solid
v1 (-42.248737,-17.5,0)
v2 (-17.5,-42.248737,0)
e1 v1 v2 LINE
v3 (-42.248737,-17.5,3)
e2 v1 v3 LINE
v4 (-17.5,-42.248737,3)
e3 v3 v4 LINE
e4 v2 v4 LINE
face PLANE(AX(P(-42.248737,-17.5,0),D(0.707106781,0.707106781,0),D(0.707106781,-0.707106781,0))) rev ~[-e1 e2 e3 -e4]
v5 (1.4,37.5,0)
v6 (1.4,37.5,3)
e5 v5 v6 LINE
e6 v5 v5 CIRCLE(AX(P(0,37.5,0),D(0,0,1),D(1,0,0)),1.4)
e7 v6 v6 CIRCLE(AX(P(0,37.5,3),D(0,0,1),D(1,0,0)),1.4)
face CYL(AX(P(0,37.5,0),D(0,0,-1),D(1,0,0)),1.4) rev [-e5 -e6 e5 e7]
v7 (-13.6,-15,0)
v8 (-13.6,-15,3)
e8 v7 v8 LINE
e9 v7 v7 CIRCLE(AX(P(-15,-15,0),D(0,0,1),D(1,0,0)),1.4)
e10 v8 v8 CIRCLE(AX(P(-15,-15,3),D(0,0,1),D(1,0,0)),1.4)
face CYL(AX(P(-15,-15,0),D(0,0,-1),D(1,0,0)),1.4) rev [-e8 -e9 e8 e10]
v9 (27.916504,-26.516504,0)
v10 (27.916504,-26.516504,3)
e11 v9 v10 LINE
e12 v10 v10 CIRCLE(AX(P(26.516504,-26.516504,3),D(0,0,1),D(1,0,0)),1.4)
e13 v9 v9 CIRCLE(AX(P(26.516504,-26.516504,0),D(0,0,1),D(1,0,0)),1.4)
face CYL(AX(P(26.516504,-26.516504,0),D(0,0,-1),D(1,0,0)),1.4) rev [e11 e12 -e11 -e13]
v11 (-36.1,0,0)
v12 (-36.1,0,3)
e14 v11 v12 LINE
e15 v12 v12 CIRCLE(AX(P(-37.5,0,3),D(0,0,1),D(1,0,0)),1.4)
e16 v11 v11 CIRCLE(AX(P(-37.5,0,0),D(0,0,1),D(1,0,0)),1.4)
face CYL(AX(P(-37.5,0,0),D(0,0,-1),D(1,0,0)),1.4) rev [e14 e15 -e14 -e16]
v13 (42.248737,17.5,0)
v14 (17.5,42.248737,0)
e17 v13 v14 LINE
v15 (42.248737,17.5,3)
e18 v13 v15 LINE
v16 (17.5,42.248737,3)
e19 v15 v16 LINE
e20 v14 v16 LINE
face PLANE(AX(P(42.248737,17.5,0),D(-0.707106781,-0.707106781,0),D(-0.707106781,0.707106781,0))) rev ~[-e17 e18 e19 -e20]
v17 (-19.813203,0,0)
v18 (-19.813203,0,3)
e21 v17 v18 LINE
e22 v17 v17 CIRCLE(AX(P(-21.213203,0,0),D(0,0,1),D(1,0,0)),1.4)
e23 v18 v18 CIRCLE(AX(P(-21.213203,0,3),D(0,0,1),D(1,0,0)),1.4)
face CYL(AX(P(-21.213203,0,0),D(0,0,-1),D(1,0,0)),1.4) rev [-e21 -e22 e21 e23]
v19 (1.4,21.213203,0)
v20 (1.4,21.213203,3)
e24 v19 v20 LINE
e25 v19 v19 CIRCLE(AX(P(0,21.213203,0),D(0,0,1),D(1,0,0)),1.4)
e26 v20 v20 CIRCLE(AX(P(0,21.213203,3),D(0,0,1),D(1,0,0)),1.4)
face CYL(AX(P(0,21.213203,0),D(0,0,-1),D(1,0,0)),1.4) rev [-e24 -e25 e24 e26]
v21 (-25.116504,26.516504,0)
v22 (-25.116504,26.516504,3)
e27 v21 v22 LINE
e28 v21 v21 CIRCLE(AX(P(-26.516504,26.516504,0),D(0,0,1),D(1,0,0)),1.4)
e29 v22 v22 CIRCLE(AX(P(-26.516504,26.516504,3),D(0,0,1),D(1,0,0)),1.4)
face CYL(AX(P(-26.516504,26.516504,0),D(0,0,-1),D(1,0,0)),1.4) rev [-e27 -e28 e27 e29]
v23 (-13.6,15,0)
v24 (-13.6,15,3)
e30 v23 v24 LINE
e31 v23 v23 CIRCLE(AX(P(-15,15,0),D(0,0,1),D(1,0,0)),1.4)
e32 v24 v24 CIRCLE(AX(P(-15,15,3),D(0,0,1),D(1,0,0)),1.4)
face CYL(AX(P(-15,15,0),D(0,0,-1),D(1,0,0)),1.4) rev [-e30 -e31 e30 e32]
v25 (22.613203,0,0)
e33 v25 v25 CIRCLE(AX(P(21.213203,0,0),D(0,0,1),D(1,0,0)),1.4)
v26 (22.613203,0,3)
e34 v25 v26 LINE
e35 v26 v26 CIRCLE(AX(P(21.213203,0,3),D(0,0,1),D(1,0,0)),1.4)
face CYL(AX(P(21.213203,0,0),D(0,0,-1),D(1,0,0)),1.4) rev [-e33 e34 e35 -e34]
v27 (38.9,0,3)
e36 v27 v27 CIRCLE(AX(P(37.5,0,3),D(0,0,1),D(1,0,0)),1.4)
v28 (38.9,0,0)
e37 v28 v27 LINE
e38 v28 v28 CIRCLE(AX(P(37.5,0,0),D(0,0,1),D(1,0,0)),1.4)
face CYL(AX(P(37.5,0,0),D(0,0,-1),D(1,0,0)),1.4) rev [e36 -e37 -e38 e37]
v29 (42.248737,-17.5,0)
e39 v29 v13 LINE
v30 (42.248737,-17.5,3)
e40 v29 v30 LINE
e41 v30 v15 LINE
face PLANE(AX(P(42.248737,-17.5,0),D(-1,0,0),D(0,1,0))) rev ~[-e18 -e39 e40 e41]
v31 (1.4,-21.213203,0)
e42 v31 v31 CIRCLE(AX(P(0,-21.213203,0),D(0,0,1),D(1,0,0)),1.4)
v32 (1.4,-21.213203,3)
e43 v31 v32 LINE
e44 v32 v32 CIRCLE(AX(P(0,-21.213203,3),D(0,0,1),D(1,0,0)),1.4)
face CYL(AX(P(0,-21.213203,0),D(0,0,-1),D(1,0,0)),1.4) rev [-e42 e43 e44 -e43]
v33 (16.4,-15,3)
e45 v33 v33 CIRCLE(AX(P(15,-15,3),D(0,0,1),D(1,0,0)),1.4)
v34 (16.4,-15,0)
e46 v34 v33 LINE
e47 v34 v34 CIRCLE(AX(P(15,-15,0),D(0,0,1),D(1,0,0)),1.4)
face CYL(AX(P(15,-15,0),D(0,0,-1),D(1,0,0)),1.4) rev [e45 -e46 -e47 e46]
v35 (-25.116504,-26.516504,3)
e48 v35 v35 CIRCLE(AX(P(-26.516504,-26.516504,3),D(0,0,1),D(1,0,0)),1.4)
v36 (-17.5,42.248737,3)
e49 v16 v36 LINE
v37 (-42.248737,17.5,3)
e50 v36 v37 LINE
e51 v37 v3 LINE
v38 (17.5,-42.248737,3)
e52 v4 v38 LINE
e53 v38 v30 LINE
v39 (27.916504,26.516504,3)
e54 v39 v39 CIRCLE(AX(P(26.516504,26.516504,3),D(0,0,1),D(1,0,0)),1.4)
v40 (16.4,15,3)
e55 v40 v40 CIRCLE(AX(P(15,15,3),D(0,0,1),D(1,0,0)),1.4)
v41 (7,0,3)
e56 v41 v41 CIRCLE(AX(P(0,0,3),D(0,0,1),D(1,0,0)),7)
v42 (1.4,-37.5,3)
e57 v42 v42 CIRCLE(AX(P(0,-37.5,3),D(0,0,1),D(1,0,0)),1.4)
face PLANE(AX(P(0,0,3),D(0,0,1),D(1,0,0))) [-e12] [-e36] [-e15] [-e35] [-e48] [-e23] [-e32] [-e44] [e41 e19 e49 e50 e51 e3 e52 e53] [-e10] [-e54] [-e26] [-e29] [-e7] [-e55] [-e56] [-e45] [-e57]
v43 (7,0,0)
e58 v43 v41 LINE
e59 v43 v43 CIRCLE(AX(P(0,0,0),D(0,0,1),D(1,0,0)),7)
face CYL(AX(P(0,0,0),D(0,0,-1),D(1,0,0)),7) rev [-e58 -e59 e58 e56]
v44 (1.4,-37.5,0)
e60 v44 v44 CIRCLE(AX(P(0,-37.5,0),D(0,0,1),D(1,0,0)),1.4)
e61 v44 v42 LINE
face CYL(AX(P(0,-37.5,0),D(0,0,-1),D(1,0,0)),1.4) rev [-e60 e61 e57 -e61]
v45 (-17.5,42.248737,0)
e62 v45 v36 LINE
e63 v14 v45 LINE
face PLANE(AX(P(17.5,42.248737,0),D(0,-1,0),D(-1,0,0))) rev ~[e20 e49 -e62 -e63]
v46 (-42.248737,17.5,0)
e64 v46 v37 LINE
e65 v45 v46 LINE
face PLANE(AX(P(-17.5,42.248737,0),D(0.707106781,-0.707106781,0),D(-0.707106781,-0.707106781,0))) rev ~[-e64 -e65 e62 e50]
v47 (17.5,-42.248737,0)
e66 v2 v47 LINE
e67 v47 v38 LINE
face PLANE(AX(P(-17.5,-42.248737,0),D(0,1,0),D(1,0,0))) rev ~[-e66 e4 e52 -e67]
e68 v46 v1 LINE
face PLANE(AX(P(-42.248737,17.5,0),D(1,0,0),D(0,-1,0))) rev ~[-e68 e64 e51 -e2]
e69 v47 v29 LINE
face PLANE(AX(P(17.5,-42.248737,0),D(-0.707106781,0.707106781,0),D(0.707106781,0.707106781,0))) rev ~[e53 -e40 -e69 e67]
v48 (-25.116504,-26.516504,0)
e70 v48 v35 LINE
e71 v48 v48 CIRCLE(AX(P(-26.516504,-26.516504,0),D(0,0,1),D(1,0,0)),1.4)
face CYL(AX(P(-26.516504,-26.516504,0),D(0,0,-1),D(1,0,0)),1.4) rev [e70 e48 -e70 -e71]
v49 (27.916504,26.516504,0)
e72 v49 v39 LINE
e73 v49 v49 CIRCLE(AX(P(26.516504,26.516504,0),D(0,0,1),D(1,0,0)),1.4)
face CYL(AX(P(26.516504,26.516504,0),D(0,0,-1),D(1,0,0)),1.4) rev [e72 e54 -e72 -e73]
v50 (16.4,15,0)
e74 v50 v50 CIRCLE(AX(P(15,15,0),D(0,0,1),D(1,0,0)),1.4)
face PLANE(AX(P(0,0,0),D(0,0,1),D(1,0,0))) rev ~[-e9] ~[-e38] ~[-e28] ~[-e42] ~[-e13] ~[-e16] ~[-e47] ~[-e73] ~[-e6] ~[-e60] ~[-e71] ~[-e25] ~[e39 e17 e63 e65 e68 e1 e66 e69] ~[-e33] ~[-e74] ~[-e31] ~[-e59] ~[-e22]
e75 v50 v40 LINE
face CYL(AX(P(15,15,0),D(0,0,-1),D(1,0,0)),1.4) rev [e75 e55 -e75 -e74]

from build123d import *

# Parameters (mm, degrees)
F0_R     = 1.4
F0_R_2   = 7
F1_DEPTH = 3


with BuildPart() as f1:
    # F0 (on Top) → F1 (new body)
    with BuildSketch(Plane.XY):
        Polygon((17.5, 42.248737), (-17.5, 42.248737), (-42.248737, 17.5), (-42.248737, -17.5), (-17.5, -42.248737), (17.5, -42.248737), (42.248737, -17.5), (42.248737, 17.5), align=None)
        with Locations((-26.516504, -26.516504)):
            Circle(F0_R, mode=Mode.SUBTRACT)
        with Locations((-37.5, 0)):
            Circle(F0_R, mode=Mode.SUBTRACT)
        with Locations((-21.213203, 0)):
            Circle(F0_R, mode=Mode.SUBTRACT)
        with Locations((-15, -15)):
            Circle(F0_R, mode=Mode.SUBTRACT)
        with Locations((0, -37.5)):
            Circle(F0_R, mode=Mode.SUBTRACT)
        with Locations((0, -21.213203)):
            Circle(F0_R, mode=Mode.SUBTRACT)
        with Locations((26.516504, -26.516504)):
            Circle(F0_R, mode=Mode.SUBTRACT)
        with Locations((15, -15)):
            Circle(F0_R, mode=Mode.SUBTRACT)
        Circle(F0_R_2, mode=Mode.SUBTRACT)
        with Locations((21.213203, 0)):
            Circle(F0_R, mode=Mode.SUBTRACT)
        with Locations((37.5, 0)):
            Circle(F0_R, mode=Mode.SUBTRACT)
        with Locations((-15, 15)):
            Circle(F0_R, mode=Mode.SUBTRACT)
        with Locations((-26.516504, 26.516504)):
            Circle(F0_R, mode=Mode.SUBTRACT)
        with Locations((15, 15)):
            Circle(F0_R, mode=Mode.SUBTRACT)
        with Locations((0, 21.213203)):
            Circle(F0_R, mode=Mode.SUBTRACT)
        with Locations((0, 37.5)):
            Circle(F0_R, mode=Mode.SUBTRACT)
        with Locations((26.516504, 26.516504)):
            Circle(F0_R, mode=Mode.SUBTRACT)
    extrude(amount=F1_DEPTH)


solid = f1.part
